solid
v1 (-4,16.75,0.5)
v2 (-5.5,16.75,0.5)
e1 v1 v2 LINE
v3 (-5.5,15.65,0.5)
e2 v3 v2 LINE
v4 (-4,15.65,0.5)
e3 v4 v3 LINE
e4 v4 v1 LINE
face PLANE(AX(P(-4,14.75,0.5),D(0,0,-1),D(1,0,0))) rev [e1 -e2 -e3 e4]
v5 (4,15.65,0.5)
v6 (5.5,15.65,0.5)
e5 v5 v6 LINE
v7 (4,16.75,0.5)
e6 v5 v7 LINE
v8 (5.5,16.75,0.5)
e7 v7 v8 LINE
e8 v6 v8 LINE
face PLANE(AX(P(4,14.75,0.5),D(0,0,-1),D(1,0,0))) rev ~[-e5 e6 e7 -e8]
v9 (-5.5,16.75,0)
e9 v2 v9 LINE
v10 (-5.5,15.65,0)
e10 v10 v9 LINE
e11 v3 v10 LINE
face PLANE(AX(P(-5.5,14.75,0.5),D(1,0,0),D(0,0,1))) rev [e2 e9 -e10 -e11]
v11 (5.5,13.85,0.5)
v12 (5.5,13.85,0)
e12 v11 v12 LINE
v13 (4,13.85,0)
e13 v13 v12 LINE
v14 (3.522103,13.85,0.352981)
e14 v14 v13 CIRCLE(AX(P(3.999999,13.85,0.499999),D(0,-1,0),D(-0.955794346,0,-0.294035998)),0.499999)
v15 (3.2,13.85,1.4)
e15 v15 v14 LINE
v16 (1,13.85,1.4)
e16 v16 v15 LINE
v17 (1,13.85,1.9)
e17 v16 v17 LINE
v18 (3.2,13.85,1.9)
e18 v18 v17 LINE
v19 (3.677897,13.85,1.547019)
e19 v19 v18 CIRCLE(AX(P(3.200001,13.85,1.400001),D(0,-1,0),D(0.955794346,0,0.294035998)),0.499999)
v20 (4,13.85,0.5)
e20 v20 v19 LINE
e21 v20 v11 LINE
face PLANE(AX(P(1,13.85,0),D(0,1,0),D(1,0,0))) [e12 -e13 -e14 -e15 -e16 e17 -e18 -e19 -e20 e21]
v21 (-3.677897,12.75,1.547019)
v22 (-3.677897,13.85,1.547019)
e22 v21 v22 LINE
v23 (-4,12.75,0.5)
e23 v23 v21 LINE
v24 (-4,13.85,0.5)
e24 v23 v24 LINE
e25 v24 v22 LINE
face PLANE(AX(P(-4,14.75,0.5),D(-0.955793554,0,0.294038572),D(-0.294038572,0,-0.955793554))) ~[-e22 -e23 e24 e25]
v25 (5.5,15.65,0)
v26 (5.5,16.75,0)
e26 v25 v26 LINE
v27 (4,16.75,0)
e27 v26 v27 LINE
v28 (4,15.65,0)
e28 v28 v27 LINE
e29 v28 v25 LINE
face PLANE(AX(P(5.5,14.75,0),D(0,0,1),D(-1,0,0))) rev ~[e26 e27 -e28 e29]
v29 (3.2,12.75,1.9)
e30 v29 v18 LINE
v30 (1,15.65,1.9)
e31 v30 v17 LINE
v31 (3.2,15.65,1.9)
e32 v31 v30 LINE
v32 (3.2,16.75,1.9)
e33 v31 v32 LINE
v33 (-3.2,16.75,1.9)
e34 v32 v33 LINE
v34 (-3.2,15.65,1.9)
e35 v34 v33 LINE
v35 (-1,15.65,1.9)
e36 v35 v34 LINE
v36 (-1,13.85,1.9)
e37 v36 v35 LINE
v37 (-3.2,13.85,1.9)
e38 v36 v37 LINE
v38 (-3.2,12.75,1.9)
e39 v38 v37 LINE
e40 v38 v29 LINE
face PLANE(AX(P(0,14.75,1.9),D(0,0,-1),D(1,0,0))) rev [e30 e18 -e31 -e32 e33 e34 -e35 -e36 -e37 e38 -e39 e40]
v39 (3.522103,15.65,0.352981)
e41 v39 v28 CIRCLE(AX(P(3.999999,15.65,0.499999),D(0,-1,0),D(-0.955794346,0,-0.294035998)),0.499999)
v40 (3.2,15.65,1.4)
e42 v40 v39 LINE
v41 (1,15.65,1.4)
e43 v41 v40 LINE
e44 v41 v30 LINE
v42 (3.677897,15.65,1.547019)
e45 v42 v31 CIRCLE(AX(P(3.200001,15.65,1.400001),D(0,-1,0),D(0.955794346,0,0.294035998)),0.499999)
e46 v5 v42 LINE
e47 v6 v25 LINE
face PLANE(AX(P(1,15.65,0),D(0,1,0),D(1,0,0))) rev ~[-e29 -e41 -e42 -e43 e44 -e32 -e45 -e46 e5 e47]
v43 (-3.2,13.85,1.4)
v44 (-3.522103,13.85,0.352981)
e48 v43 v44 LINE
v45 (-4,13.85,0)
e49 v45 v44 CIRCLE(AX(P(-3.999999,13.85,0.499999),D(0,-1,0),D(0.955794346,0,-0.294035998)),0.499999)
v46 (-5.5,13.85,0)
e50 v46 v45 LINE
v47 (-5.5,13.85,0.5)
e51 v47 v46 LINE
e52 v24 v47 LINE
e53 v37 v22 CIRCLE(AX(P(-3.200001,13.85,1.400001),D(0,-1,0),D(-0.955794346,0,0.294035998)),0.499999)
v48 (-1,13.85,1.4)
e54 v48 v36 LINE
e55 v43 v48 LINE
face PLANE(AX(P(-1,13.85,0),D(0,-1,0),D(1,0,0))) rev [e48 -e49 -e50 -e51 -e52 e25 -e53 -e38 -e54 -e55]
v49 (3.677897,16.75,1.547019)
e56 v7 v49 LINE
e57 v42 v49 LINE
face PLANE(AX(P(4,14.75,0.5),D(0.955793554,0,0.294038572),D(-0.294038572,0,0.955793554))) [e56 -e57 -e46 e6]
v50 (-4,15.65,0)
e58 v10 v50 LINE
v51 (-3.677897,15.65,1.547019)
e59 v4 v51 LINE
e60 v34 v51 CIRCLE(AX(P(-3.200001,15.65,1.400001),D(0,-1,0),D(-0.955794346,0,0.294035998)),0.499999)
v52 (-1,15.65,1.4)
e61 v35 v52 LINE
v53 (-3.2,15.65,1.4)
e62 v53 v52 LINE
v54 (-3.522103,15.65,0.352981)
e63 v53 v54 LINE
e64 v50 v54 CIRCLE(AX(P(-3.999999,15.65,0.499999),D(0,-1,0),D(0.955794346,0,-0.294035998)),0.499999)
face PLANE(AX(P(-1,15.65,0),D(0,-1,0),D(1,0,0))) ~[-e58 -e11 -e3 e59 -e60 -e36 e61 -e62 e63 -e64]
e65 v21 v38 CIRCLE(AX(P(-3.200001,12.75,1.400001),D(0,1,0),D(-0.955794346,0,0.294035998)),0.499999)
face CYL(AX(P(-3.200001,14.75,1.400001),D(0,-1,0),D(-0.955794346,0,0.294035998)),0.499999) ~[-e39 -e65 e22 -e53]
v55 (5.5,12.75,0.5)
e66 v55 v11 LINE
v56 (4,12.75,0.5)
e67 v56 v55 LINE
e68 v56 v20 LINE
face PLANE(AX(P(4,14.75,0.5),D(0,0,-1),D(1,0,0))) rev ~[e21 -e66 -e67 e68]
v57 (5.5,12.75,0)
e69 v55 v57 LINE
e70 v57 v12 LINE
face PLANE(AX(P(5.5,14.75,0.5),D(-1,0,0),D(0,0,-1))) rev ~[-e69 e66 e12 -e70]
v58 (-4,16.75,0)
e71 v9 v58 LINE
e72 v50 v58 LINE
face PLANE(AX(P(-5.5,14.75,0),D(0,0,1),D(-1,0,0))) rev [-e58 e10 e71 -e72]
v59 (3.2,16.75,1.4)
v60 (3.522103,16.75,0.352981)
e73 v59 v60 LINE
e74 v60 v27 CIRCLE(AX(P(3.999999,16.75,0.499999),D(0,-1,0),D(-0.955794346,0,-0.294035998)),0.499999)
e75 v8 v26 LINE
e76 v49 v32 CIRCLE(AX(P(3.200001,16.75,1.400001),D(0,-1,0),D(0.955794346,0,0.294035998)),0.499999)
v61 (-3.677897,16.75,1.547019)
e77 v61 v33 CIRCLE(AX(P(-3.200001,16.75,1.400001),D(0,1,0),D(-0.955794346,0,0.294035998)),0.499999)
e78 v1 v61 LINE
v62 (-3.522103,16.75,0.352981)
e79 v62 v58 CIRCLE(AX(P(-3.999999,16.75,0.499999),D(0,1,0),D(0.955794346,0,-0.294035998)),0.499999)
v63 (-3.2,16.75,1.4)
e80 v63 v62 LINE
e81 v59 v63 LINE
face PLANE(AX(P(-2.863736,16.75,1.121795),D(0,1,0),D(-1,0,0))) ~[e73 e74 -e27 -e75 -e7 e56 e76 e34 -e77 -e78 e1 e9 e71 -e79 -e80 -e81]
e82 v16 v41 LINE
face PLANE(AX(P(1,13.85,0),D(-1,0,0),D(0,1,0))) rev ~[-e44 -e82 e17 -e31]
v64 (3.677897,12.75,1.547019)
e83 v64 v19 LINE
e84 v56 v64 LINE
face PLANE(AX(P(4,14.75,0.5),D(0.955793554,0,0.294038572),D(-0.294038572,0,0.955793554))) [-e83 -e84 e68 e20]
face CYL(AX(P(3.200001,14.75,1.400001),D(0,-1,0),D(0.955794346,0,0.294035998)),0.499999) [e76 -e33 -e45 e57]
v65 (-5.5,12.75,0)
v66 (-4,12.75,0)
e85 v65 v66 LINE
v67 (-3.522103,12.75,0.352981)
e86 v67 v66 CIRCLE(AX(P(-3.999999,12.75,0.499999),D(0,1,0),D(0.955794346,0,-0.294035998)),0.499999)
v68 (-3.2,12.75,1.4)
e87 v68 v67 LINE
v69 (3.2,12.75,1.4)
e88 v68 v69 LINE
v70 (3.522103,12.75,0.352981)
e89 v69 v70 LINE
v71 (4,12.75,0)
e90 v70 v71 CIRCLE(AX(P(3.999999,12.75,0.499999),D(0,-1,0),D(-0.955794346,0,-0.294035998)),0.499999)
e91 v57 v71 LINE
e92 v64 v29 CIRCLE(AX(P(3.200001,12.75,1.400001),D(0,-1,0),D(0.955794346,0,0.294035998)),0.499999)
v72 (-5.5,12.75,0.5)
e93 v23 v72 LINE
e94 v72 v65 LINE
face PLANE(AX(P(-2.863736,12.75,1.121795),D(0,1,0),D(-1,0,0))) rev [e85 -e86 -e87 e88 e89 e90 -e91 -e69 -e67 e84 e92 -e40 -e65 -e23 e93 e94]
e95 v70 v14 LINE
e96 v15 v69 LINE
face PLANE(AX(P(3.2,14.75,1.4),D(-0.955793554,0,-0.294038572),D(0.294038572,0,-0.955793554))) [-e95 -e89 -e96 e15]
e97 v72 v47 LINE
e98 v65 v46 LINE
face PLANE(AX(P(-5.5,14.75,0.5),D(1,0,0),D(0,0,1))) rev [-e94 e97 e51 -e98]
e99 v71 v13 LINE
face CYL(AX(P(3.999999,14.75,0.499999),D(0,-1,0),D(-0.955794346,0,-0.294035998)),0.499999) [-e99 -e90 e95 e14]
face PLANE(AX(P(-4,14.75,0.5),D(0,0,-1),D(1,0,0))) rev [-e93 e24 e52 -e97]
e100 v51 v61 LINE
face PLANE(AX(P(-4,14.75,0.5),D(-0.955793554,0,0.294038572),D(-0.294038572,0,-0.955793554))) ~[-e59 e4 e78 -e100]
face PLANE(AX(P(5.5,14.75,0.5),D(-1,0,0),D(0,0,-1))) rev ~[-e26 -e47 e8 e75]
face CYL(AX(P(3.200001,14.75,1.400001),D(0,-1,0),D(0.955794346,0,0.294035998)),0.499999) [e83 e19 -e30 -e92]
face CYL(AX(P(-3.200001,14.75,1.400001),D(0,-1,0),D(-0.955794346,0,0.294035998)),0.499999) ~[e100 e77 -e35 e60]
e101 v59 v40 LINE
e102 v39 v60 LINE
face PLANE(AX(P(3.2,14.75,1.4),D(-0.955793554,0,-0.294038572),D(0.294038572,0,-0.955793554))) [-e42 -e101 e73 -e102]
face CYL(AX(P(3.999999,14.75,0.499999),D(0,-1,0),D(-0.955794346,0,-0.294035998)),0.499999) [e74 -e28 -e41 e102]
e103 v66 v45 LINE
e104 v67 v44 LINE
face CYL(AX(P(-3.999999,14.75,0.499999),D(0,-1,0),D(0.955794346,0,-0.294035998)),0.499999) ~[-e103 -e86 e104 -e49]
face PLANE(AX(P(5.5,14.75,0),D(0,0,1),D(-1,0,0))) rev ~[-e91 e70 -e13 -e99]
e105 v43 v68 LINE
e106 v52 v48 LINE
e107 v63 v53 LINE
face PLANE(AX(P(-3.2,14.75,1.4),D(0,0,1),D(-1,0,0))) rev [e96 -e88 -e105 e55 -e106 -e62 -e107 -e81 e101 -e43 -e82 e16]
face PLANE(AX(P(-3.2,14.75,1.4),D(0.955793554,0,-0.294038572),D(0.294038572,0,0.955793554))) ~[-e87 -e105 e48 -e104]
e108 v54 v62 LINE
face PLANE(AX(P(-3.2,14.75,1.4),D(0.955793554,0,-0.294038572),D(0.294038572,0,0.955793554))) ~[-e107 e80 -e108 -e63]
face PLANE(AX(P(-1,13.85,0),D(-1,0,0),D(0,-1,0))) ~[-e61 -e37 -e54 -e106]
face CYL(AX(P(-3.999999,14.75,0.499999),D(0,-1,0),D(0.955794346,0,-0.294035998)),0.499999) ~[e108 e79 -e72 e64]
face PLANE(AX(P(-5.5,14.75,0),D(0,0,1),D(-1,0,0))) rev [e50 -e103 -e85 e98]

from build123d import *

# Parameters (mm, degrees)
PAD009_DEPTH      = 2
SKETCH011_W       = 5
SKETCH011_H       = 1.8
POCKET_DEPTH      = 23.716818
POCKET_DEPTH_BACK = 25.616818


with BuildPart() as part:
    # Sketch010 → Pad009 (new body, symmetric)
    with BuildSketch(Plane.XZ):
        with BuildLine():
            Line((0, 1.9), (3.2, 1.9))
            ThreePointArc((3.677897, 1.547019), (3.497061, 1.802188), (3.2, 1.9))
            Line((4, 0.5), (3.677897, 1.547019))
            Line((4, 0.5), (5.5, 0.5))
            Line((5.5, 0.5), (5.5, 0))
            Line((5.5, 0), (4, 0))
            ThreePointArc((3.522103, 0.352981), (3.702939, 0.097812), (4, 0))
            Line((3.2, 1.4), (3.522103, 0.352981))
            Line((3.2, 1.4), (0, 1.4))
            Line((0, 1.4), (0, 1.9))
        make_face()
    pad009 = extrude(amount=PAD009_DEPTH, both=True)

    # Mirrored: Pad009 across YZ
    add(pad009.mirror(Plane.YZ))

    # Sketch011 → Pocket (cut, two sides)
    with BuildSketch(Plane.XY) as pocket_sk:
        with Locations((3.5, 0)):
            Rectangle(SKETCH011_W, SKETCH011_H)
    pocket = extrude(amount=-POCKET_DEPTH, mode=Mode.SUBTRACT) + extrude(pocket_sk.sketch, amount=POCKET_DEPTH_BACK, mode=Mode.SUBTRACT)

    # Mirrored001: Pocket across YZ
    add(pocket.mirror(Plane.YZ), mode=Mode.SUBTRACT)


with BuildPart() as part_1:
    # Body002 placement: moved
    add(part.part.moved(Location((0, 14.75, 0))))


solid = part_1.part
